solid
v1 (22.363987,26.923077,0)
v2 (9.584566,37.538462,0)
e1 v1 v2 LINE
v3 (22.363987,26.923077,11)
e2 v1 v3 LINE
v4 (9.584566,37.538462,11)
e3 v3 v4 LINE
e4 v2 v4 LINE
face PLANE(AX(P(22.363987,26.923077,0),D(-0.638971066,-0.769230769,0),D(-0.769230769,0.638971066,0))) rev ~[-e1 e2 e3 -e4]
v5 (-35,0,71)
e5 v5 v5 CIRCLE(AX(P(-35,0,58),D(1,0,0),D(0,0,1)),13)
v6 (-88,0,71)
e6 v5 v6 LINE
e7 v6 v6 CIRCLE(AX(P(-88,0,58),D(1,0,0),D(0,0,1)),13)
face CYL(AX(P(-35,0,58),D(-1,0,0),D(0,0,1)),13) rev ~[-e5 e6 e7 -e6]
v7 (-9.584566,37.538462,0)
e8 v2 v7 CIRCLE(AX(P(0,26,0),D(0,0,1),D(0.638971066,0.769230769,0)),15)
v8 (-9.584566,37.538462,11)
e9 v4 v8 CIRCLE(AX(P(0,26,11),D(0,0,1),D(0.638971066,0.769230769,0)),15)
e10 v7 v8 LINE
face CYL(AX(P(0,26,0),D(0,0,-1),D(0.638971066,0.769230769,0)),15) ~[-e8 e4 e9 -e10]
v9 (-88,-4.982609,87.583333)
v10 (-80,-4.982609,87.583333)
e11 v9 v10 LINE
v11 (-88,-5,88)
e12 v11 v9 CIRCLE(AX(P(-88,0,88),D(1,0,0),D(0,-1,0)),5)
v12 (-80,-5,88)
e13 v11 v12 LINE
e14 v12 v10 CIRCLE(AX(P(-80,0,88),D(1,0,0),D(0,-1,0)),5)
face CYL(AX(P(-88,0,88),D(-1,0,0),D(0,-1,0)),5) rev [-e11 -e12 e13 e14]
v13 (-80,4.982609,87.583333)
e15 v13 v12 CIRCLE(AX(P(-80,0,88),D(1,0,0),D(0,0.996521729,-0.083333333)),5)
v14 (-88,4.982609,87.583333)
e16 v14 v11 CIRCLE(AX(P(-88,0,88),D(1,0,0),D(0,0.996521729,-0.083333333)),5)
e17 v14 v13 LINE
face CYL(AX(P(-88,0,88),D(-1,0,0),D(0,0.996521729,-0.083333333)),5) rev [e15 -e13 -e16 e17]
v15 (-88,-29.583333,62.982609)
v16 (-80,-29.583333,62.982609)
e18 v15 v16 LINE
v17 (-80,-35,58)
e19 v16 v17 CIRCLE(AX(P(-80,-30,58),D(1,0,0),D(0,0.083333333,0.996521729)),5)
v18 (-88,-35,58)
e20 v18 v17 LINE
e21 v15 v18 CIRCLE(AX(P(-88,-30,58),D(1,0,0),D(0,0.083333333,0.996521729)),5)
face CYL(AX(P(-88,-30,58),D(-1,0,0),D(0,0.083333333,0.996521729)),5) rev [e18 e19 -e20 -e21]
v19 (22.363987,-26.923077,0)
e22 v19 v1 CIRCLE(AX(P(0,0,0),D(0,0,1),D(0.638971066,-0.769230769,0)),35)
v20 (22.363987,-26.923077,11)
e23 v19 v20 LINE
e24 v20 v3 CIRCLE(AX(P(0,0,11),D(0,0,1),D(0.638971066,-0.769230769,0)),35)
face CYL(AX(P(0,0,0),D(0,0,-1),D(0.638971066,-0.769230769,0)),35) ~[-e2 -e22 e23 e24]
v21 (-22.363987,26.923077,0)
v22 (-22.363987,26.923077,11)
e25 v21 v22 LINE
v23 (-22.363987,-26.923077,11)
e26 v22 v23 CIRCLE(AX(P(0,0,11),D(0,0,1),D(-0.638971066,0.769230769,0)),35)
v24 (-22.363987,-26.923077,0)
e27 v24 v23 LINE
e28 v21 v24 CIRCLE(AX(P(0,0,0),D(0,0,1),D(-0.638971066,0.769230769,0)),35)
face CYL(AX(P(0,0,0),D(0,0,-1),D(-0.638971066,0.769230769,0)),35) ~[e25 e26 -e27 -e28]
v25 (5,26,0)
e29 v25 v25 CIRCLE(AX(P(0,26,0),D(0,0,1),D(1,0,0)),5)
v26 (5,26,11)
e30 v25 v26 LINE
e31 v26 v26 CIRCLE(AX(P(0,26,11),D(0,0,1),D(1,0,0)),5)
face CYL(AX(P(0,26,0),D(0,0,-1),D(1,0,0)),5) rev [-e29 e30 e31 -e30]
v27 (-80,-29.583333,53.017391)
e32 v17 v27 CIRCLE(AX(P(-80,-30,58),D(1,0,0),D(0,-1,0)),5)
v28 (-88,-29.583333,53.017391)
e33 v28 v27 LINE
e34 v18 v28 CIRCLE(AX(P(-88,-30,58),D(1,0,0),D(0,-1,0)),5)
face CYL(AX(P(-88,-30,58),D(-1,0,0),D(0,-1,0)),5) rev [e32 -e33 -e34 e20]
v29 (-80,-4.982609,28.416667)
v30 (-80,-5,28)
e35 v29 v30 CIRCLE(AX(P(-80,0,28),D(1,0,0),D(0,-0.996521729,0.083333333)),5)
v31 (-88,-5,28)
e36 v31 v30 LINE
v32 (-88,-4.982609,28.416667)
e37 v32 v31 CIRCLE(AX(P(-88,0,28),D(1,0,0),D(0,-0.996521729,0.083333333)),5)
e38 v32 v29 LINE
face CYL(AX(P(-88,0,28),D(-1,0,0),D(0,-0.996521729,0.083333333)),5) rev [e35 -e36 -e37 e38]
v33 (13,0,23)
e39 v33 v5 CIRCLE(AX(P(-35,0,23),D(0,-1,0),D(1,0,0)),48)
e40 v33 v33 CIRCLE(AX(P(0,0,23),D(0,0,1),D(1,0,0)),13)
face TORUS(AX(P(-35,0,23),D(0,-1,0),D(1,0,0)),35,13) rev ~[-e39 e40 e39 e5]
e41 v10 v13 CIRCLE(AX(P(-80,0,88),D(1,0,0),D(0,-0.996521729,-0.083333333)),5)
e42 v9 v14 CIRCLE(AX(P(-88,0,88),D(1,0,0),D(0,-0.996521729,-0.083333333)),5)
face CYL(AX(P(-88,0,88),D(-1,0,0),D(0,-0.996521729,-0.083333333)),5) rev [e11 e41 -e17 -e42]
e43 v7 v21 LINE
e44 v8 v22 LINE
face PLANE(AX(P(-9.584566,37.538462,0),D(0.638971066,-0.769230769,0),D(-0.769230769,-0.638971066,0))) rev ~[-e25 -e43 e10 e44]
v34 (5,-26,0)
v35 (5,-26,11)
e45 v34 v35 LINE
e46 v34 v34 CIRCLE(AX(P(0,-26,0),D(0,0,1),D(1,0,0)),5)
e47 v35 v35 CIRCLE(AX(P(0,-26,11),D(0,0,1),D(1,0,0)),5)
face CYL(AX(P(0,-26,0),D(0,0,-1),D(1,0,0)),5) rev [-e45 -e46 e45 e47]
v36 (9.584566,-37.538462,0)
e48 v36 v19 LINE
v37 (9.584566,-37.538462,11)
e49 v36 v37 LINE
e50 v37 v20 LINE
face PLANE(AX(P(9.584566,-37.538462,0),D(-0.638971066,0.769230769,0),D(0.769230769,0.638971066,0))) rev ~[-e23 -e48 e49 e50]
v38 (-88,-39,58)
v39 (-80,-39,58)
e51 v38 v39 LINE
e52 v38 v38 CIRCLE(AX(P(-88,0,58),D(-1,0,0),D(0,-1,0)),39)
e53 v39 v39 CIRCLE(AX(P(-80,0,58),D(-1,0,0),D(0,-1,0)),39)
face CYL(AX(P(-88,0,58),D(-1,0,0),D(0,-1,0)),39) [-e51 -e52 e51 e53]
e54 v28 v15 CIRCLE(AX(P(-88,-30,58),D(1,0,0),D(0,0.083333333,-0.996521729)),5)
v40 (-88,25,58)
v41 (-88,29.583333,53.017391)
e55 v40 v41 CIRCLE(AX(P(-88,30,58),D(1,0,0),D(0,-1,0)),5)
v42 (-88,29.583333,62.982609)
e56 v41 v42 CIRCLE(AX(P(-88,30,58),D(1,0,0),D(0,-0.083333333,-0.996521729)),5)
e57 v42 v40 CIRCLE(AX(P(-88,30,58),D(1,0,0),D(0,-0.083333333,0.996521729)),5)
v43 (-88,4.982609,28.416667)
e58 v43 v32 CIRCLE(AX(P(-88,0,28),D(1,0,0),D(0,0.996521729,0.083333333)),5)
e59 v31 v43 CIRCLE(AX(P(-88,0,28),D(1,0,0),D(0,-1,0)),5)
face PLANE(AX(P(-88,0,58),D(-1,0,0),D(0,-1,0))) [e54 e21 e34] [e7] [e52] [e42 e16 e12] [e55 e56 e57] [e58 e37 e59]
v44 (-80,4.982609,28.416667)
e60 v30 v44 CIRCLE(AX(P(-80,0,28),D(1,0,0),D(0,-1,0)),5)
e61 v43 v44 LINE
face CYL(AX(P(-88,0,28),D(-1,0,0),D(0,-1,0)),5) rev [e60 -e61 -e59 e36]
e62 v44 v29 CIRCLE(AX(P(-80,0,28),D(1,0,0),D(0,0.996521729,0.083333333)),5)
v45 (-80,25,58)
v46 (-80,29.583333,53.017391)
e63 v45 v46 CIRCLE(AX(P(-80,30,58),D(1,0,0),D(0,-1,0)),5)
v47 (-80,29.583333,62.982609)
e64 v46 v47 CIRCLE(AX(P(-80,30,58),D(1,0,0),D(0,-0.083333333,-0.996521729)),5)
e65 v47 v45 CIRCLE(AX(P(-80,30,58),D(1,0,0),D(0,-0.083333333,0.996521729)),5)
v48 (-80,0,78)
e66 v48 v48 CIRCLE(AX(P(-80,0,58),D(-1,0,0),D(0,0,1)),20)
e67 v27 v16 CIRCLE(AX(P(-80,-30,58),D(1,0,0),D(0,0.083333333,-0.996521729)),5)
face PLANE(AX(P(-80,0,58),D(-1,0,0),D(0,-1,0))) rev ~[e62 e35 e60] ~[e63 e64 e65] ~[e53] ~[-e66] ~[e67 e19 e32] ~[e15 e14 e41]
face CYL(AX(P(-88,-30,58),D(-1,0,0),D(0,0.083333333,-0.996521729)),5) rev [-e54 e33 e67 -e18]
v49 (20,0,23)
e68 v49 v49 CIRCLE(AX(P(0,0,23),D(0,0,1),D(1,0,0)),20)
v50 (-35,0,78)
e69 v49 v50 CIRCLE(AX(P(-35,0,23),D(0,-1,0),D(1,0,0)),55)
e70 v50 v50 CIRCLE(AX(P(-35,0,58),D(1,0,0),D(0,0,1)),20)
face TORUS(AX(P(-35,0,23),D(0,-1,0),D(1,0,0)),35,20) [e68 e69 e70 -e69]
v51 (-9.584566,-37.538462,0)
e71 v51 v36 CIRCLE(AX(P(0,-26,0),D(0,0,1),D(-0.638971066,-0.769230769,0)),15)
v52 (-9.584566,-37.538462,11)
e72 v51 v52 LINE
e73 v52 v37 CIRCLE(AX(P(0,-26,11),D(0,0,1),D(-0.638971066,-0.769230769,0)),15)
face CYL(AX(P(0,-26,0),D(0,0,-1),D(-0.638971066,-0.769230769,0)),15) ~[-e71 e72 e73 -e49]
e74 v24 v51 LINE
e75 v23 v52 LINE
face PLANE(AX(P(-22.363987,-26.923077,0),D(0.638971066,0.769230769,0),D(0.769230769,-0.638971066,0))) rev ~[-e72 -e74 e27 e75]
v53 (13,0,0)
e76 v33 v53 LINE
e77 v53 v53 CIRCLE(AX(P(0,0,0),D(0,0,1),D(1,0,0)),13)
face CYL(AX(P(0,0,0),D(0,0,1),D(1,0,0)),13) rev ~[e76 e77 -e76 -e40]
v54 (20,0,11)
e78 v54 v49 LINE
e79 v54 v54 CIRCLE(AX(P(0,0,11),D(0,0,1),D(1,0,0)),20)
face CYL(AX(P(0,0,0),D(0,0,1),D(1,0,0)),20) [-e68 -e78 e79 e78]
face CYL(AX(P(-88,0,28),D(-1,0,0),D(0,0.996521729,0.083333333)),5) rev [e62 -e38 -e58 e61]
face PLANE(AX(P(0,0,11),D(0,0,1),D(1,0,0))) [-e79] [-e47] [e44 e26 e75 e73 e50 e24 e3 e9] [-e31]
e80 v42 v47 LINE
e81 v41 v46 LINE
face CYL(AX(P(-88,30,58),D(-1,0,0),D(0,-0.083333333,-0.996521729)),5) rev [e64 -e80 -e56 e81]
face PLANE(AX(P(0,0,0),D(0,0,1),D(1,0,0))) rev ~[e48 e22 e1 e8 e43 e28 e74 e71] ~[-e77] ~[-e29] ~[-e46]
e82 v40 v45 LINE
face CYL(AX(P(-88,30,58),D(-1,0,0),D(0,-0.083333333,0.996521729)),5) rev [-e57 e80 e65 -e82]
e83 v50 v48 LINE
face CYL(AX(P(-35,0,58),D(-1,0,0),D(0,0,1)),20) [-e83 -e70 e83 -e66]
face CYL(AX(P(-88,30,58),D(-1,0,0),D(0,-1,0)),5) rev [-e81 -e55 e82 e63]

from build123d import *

# Parameters (mm, degrees)
F0_R     = 20
F0_R_2   = 13
F3_R     = 39
F3_R_2   = 20
F3_R_3   = 13
F4_DEPTH = 8
F5_R     = 5
F5_R_2   = 13
F6_DEPTH = 11


with BuildPart() as f2:
    # F2: sweep along a path in F1
    with BuildLine(Plane.XZ) as f2_path:
        Line((0, 0), (0, 23))
        ThreePointArc((0, 23), (-10.2512626585, 47.7487373415), (-35, 58))
        Line((-35, 58), (-88, 58))
    # F0 (on Top) → F2 (sweep)
    with BuildSketch(Plane.XY):
        Circle(F0_R)
        Circle(F0_R_2, mode=Mode.SUBTRACT)
    sweep(path=f2_path.line)

    # F3 (on face) → F4 (join)
    with BuildSketch(Plane(origin=(-88, 0, 0), x_dir=(0, -1, 0), z_dir=(-1, 0, 0))):
        with Locations((0, 58)):
            Circle(F3_R)
        with BuildLine():
            ThreePointArc((4.982608643, 87.5833333333), (21.2132034356, 79.2132034356), (29.5833333333, 62.982608643))
            ThreePointArc((29.5833333333, 62.982608643), (33.3850160019, 61.679900361), (35, 58))
            ThreePointArc((35, 58), (33.3850160019, 54.320099639), (29.5833333333, 53.017391357))
            ThreePointArc((29.5833333333, 53.017391357), (21.2132034356, 36.7867965644), (4.982608643, 28.4166666667))
            ThreePointArc((4.982608643, 28.4166666667), (4.9956502687, 28.2085147299), (5, 28))
            ThreePointArc((5, 28), (-0.2085147299, 23.0043497313), (-4.982608643, 28.4166666667))
            ThreePointArc((-4.982608643, 28.4166666667), (-21.2132034356, 36.7867965644), (-29.5833333333, 53.017391357))
            ThreePointArc((-29.5833333333, 53.017391357), (-35, 58), (-29.5833333333, 62.982608643))
            ThreePointArc((-29.5833333333, 62.982608643), (-21.2132034356, 79.2132034356), (-4.982608643, 87.5833333333))
            ThreePointArc((-4.982608643, 87.5833333333), (-0.2085147299, 92.9956502687), (5, 88))
            ThreePointArc((5, 88), (4.9956502687, 87.7914852701), (4.982608643, 87.5833333333))
        make_face(mode=Mode.SUBTRACT)
        with BuildLine():
            ThreePointArc((29.5833333333, 53.017391357), (25, 58), (29.5833333333, 62.982608643))
            ThreePointArc((29.5833333333, 62.982608643), (21.2132034356, 79.2132034356), (4.982608643, 87.5833333333))
            ThreePointArc((4.982608643, 87.5833333333), (0, 83), (-4.982608643, 87.5833333333))
            ThreePointArc((-4.982608643, 87.5833333333), (-21.2132034356, 79.2132034356), (-29.5833333333, 62.982608643))
            ThreePointArc((-29.5833333333, 62.982608643), (-26.320099639, 61.3850160019), (-25, 58))
            ThreePointArc((-25, 58), (-26.320099639, 54.6149839981), (-29.5833333333, 53.017391357))
            ThreePointArc((-29.5833333333, 53.017391357), (-21.2132034356, 36.7867965644), (-4.982608643, 28.4166666667))
            ThreePointArc((-4.982608643, 28.4166666667), (0, 33), (4.982608643, 28.4166666667))
            ThreePointArc((4.982608643, 28.4166666667), (21.2132034356, 36.7867965644), (29.5833333333, 53.017391357))
        make_face()
        with Locations((0, 58)):
            Circle(F3_R_2, mode=Mode.SUBTRACT)
        with Locations((0, 58)):
            Circle(F3_R_2)
        with Locations((0, 58)):
            Circle(F3_R_3, mode=Mode.SUBTRACT)
    extrude(amount=-F4_DEPTH)

    # F5 (on Top) → F6 (join)
    with BuildSketch(Plane.XY):
        with BuildLine():
            Line((22.3639873232, 26.9230769231), (9.5845659957, 37.5384615385))
            ThreePointArc((9.5845659957, 37.5384615385), (0, 41), (-9.5845659957, 37.5384615385))
            Line((-9.5845659957, 37.5384615385), (-22.3639873232, 26.9230769231))
            ThreePointArc((-22.3639873232, 26.9230769231), (-35, 0), (-22.3639873232, -26.9230769231))
            Line((-22.3639873232, -26.9230769231), (-9.5845659957, -37.5384615385))
            ThreePointArc((-9.5845659957, -37.5384615385), (0, -41), (9.5845659957, -37.5384615385))
            Line((9.5845659957, -37.5384615385), (22.3639873232, -26.9230769231))
            ThreePointArc((22.3639873232, -26.9230769231), (35, 0), (22.3639873232, 26.9230769231))
        make_face()
        with Locations((0, -26)):
            Circle(F5_R, mode=Mode.SUBTRACT)
        Circle(F5_R_2, mode=Mode.SUBTRACT)
        with Locations((0, 26)):
            Circle(F5_R, mode=Mode.SUBTRACT)
    extrude(amount=F6_DEPTH)


solid = f2.part
